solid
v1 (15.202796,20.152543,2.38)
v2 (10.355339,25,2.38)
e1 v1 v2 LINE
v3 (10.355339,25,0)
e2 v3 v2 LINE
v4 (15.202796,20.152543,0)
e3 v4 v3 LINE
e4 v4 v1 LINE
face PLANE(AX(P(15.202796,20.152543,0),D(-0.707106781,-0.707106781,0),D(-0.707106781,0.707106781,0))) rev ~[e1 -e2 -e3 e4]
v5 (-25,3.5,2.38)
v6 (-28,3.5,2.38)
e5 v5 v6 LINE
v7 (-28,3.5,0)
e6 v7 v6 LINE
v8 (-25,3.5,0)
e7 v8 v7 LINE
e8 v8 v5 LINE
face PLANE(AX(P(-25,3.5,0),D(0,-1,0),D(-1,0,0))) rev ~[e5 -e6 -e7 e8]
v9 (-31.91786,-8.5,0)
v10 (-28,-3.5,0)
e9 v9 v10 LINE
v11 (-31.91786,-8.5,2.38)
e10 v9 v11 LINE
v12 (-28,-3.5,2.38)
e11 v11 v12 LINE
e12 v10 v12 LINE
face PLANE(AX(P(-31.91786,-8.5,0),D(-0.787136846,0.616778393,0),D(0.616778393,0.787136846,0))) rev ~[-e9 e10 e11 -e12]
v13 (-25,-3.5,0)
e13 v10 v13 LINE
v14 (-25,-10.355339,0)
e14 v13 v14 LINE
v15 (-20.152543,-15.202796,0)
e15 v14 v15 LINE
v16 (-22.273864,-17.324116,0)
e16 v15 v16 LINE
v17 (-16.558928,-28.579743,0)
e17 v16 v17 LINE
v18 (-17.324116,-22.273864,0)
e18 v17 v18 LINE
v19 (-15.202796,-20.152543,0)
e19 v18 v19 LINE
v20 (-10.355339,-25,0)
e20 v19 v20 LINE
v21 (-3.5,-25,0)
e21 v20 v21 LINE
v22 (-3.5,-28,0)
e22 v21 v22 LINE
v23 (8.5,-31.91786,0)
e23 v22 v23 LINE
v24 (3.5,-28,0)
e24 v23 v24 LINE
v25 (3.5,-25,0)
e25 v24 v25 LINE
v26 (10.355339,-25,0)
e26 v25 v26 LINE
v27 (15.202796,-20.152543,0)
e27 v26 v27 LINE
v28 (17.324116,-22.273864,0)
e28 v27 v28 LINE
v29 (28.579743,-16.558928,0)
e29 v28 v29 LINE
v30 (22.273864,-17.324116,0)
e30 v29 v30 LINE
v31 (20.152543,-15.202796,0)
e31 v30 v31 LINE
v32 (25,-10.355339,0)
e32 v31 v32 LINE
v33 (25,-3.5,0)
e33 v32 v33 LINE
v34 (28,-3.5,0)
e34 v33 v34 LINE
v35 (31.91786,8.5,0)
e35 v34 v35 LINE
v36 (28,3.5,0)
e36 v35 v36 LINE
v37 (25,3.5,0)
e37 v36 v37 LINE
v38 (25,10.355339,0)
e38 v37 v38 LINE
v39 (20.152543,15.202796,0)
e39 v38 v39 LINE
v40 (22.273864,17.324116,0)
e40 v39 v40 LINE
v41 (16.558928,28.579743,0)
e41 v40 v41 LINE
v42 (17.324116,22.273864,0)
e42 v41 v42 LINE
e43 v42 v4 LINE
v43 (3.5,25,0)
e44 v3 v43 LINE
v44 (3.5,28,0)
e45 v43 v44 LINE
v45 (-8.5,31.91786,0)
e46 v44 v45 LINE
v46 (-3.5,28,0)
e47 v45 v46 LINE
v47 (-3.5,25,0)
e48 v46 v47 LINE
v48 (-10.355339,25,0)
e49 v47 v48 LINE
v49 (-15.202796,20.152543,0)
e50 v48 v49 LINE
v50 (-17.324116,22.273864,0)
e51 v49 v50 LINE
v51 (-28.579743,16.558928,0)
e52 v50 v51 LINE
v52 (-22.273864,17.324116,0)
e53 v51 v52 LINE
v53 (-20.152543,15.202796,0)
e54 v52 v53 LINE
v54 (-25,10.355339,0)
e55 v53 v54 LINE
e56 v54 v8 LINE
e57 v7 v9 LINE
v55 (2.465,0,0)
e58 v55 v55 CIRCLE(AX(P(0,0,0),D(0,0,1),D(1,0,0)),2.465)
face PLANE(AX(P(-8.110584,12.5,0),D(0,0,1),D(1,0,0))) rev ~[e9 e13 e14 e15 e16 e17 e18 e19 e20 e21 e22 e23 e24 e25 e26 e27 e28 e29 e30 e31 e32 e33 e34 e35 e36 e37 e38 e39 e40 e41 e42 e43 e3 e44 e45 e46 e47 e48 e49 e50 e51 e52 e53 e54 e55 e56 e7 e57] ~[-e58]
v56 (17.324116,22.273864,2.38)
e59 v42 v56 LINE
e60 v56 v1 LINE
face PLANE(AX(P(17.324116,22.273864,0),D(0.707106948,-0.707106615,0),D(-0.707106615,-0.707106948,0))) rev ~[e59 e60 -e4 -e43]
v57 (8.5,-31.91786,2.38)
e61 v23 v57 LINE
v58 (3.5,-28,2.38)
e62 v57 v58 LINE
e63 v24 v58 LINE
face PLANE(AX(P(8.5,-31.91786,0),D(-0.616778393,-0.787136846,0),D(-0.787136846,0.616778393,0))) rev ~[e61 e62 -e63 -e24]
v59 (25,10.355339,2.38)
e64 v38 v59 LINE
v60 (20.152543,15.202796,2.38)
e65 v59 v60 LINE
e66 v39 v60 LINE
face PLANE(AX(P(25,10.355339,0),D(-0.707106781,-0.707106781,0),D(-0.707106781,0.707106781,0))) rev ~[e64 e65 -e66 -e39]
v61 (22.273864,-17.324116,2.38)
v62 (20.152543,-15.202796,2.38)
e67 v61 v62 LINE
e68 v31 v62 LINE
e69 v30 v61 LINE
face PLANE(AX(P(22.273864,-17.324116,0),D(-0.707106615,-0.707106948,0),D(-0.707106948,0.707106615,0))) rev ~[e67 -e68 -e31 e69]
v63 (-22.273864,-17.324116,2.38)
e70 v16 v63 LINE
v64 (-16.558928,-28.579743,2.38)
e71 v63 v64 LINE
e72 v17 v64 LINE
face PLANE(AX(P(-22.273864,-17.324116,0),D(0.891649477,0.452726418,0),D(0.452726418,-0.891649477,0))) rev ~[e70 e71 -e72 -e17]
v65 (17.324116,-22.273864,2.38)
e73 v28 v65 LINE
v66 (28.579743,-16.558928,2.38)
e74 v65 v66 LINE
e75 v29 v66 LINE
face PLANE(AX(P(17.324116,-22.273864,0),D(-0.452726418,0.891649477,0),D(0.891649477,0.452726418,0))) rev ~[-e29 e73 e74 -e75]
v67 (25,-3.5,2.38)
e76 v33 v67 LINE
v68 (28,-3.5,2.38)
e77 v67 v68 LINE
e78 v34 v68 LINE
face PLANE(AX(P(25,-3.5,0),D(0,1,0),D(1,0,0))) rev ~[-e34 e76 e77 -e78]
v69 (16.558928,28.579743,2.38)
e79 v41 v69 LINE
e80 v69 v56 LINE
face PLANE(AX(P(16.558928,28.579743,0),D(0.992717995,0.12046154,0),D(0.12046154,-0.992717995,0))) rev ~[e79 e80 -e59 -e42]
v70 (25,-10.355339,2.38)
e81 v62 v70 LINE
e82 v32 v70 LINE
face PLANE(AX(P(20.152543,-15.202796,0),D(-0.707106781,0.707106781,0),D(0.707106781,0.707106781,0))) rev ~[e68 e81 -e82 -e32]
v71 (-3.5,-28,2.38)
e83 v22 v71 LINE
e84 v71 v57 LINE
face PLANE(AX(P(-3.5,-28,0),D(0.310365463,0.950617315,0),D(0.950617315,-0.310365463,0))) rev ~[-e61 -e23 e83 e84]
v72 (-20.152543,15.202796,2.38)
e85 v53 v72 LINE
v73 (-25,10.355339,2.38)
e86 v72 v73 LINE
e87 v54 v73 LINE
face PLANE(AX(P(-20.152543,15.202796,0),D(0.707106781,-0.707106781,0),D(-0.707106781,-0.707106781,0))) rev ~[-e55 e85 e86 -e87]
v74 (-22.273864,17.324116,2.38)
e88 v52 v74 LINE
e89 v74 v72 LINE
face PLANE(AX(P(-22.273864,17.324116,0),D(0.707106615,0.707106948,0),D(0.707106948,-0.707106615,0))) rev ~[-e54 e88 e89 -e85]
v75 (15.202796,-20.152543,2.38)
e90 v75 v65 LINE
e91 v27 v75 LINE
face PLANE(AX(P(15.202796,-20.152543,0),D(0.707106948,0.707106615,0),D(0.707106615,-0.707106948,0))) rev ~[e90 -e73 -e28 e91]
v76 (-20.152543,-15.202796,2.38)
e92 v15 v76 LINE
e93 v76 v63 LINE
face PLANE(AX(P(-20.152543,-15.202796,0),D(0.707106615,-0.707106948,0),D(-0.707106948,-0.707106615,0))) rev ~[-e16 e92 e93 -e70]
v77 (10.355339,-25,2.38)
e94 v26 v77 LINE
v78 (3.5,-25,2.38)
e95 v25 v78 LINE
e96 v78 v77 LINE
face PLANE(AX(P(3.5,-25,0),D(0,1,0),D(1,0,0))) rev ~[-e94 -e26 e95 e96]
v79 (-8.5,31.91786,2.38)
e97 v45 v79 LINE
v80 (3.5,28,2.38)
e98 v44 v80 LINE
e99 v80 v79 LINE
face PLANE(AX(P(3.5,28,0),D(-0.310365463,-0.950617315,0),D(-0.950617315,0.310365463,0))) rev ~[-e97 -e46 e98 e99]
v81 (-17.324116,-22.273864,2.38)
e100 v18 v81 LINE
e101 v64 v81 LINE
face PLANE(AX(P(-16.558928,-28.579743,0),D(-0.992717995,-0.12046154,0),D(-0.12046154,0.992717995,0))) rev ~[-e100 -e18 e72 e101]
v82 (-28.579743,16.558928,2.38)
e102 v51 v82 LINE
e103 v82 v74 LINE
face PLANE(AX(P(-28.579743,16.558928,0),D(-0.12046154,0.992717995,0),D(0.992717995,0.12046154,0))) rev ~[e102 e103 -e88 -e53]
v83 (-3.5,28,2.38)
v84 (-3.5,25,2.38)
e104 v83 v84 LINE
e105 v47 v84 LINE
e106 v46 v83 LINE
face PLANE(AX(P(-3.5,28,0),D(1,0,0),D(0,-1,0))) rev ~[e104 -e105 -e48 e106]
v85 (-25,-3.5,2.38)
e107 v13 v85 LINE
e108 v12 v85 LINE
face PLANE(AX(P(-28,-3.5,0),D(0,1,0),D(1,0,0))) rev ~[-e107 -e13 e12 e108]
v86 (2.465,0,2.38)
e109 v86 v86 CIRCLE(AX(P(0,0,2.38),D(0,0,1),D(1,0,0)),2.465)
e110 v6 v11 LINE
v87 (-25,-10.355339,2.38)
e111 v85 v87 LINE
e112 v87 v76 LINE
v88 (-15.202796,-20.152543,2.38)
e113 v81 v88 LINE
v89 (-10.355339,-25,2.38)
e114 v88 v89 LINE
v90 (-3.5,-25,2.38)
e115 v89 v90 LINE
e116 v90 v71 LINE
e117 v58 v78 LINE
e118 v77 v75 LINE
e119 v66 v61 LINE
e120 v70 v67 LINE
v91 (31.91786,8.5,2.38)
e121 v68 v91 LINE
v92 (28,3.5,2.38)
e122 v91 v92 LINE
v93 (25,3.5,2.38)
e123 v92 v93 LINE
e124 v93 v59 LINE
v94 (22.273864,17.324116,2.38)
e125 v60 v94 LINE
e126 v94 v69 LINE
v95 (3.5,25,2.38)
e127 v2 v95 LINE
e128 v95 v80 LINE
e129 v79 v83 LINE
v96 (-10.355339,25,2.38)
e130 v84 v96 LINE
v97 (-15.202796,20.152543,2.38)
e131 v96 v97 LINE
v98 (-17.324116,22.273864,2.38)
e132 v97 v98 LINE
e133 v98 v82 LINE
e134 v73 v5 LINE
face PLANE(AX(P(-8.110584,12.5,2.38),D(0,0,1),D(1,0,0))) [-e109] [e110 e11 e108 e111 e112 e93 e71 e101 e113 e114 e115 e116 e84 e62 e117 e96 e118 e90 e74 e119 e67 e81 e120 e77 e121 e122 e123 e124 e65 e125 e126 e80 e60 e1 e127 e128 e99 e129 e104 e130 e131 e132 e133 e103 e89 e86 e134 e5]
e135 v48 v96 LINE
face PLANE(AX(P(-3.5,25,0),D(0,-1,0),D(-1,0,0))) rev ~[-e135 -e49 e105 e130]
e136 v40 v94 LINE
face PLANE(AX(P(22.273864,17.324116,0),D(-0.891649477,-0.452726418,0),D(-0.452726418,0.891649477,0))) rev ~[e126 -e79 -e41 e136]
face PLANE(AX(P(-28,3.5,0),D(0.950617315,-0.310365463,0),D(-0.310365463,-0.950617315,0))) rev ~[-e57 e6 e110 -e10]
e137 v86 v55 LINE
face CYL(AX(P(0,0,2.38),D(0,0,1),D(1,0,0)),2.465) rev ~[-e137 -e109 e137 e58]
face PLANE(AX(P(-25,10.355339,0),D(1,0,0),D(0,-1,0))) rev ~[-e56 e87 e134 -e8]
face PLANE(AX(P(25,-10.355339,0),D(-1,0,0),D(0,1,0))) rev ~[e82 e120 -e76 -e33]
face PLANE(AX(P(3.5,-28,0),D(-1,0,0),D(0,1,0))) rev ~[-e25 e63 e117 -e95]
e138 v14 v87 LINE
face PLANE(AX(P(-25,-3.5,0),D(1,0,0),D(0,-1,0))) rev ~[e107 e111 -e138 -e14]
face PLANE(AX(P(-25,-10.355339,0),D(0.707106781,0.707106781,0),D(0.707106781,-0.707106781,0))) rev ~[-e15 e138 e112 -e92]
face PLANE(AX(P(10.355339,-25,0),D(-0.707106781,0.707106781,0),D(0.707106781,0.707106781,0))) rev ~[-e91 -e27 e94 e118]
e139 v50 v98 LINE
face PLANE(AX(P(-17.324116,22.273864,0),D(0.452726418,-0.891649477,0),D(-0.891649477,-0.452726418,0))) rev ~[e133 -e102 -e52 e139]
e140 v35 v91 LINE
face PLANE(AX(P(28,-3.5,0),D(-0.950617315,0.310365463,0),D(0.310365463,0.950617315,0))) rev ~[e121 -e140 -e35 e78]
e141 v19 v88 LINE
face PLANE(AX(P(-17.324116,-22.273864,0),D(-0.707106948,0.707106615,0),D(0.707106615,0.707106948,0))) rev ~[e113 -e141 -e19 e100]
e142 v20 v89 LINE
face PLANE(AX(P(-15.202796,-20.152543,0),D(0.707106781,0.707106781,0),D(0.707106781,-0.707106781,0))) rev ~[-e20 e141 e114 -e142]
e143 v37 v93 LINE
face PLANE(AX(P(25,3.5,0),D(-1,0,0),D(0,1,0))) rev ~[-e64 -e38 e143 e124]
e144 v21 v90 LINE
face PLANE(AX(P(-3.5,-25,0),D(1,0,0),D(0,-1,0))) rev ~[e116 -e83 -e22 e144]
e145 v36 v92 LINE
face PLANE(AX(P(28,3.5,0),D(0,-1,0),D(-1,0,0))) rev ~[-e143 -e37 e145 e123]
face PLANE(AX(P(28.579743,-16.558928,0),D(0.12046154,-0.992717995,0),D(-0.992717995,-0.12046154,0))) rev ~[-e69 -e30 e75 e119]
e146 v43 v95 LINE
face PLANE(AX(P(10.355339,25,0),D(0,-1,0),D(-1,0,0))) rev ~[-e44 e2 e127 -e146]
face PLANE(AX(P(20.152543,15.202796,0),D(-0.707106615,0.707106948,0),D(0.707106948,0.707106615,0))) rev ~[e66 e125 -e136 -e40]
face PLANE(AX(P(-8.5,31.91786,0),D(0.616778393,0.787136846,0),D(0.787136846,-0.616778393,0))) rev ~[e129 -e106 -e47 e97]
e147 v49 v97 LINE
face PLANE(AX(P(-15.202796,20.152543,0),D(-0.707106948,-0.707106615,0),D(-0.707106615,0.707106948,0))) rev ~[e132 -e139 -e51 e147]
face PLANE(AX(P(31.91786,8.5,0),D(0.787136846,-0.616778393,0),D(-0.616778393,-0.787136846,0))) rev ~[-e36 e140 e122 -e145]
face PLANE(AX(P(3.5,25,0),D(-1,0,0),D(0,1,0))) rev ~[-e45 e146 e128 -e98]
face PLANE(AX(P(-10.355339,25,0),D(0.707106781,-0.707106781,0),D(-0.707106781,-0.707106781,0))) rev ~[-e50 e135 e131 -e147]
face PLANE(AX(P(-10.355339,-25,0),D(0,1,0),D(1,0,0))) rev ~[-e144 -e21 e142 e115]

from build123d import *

# Parameters (mm, degrees)
F1_DEPTH = 2.38
F2_R     = 2.465
F3_DEPTH = 25


with BuildPart() as f1:
    # F0 (on Top) → F1 (new body)
    with BuildSketch(Plane.XY):
        Polygon((-17.67767, 17.67767), (0, 0), (-10.355339, 25), (-15.202796, 20.152543), align=None)
        Polygon((0, 25), (0, 0), (10.355339, 25), (3.5, 25), align=None)
        Polygon((-10.355339, 25), (0, 0), (0, 25), (-3.5, 25), align=None)
        Polygon((-25, 10.355339), (0, 0), (-17.67767, 17.67767), (-20.152543, 15.202796), align=None)
        Polygon((-25, 0), (0, 0), (-25, 10.355339), (-25, 3.5), align=None)
        Polygon((-25, -10.355339), (0, 0), (-25, 0), (-25, -3.5), align=None)
        Polygon((-17.67767, -17.67767), (0, 0), (-25, -10.355339), (-20.152543, -15.202796), align=None)
        Polygon((-10.355339, -25), (0, 0), (-17.67767, -17.67767), (-15.202796, -20.152543), align=None)
        Polygon((0, -25), (0, 0), (-10.355339, -25), (-3.5, -25), align=None)
        Polygon((10.355339, -25), (0, 0), (0, -25), (3.5, -25), align=None)
        Polygon((17.67767, -17.67767), (0, 0), (10.355339, -25), (15.202796, -20.152543), align=None)
        Polygon((25, -10.355339), (0, 0), (17.67767, -17.67767), (20.152543, -15.202796), align=None)
        Polygon((25, 0), (0, 0), (25, -10.355339), (25, -3.5), align=None)
        Polygon((25, 10.355339), (0, 0), (25, 0), (25, 3.5), align=None)
        Polygon((17.67767, 17.67767), (0, 0), (25, 10.355339), (20.152543, 15.202796), align=None)
        Polygon((10.355339, 25), (0, 0), (17.67767, 17.67767), (15.202796, 20.152543), align=None)
        Polygon((-3.5, 25), (0, 25), (3.5, 25), (3.5, 28), (-3.5, 28), align=None)
        Polygon((-20.152543, 15.202796), (-17.67767, 17.67767), (-15.202796, 20.152543), (-17.324116, 22.273864), (-22.273864, 17.324116), align=None)
        Polygon((-25, -3.5), (-25, 0), (-25, 3.5), (-28, 3.5), (-28, -3.5), align=None)
        Polygon((-15.202796, -20.152543), (-17.67767, -17.67767), (-20.152543, -15.202796), (-22.273864, -17.324116), (-17.324116, -22.273864), align=None)
        Polygon((3.5, -25), (0, -25), (-3.5, -25), (-3.5, -28), (3.5, -28), align=None)
        Polygon((20.152543, -15.202796), (17.67767, -17.67767), (15.202796, -20.152543), (17.324116, -22.273864), (22.273864, -17.324116), align=None)
        Polygon((25, 3.5), (25, 0), (25, -3.5), (28, -3.5), (28, 3.5), align=None)
        Polygon((15.202796, 20.152543), (17.67767, 17.67767), (20.152543, 15.202796), (22.273864, 17.324116), (17.324116, 22.273864), align=None)
        Polygon((-8.5, 31.91786), (-3.5, 28), (3.5, 28), align=None)
        Polygon((-22.273864, 17.324116), (-17.324116, 22.273864), (-28.579743, 16.558928), align=None)
        Polygon((16.558928, 28.579743), (17.324116, 22.273864), (22.273864, 17.324116), align=None)
        Polygon((-28, -3.5), (-28, 3.5), (-31.91786, -8.5), align=None)
        Polygon((-17.324116, -22.273864), (-22.273864, -17.324116), (-16.558928, -28.579743), align=None)
        Polygon((3.5, -28), (-3.5, -28), (8.5, -31.91786), align=None)
        Polygon((22.273864, -17.324116), (17.324116, -22.273864), (28.579743, -16.558928), align=None)
        Polygon((28, 3.5), (28, -3.5), (31.91786, 8.5), align=None)
    extrude(amount=F1_DEPTH)

    # F2 (on face) → F3 (cut)
    with BuildSketch(Plane.XY.offset(2.38)):
        Circle(F2_R)
    extrude(amount=-F3_DEPTH, mode=Mode.SUBTRACT)


solid = f1.part
